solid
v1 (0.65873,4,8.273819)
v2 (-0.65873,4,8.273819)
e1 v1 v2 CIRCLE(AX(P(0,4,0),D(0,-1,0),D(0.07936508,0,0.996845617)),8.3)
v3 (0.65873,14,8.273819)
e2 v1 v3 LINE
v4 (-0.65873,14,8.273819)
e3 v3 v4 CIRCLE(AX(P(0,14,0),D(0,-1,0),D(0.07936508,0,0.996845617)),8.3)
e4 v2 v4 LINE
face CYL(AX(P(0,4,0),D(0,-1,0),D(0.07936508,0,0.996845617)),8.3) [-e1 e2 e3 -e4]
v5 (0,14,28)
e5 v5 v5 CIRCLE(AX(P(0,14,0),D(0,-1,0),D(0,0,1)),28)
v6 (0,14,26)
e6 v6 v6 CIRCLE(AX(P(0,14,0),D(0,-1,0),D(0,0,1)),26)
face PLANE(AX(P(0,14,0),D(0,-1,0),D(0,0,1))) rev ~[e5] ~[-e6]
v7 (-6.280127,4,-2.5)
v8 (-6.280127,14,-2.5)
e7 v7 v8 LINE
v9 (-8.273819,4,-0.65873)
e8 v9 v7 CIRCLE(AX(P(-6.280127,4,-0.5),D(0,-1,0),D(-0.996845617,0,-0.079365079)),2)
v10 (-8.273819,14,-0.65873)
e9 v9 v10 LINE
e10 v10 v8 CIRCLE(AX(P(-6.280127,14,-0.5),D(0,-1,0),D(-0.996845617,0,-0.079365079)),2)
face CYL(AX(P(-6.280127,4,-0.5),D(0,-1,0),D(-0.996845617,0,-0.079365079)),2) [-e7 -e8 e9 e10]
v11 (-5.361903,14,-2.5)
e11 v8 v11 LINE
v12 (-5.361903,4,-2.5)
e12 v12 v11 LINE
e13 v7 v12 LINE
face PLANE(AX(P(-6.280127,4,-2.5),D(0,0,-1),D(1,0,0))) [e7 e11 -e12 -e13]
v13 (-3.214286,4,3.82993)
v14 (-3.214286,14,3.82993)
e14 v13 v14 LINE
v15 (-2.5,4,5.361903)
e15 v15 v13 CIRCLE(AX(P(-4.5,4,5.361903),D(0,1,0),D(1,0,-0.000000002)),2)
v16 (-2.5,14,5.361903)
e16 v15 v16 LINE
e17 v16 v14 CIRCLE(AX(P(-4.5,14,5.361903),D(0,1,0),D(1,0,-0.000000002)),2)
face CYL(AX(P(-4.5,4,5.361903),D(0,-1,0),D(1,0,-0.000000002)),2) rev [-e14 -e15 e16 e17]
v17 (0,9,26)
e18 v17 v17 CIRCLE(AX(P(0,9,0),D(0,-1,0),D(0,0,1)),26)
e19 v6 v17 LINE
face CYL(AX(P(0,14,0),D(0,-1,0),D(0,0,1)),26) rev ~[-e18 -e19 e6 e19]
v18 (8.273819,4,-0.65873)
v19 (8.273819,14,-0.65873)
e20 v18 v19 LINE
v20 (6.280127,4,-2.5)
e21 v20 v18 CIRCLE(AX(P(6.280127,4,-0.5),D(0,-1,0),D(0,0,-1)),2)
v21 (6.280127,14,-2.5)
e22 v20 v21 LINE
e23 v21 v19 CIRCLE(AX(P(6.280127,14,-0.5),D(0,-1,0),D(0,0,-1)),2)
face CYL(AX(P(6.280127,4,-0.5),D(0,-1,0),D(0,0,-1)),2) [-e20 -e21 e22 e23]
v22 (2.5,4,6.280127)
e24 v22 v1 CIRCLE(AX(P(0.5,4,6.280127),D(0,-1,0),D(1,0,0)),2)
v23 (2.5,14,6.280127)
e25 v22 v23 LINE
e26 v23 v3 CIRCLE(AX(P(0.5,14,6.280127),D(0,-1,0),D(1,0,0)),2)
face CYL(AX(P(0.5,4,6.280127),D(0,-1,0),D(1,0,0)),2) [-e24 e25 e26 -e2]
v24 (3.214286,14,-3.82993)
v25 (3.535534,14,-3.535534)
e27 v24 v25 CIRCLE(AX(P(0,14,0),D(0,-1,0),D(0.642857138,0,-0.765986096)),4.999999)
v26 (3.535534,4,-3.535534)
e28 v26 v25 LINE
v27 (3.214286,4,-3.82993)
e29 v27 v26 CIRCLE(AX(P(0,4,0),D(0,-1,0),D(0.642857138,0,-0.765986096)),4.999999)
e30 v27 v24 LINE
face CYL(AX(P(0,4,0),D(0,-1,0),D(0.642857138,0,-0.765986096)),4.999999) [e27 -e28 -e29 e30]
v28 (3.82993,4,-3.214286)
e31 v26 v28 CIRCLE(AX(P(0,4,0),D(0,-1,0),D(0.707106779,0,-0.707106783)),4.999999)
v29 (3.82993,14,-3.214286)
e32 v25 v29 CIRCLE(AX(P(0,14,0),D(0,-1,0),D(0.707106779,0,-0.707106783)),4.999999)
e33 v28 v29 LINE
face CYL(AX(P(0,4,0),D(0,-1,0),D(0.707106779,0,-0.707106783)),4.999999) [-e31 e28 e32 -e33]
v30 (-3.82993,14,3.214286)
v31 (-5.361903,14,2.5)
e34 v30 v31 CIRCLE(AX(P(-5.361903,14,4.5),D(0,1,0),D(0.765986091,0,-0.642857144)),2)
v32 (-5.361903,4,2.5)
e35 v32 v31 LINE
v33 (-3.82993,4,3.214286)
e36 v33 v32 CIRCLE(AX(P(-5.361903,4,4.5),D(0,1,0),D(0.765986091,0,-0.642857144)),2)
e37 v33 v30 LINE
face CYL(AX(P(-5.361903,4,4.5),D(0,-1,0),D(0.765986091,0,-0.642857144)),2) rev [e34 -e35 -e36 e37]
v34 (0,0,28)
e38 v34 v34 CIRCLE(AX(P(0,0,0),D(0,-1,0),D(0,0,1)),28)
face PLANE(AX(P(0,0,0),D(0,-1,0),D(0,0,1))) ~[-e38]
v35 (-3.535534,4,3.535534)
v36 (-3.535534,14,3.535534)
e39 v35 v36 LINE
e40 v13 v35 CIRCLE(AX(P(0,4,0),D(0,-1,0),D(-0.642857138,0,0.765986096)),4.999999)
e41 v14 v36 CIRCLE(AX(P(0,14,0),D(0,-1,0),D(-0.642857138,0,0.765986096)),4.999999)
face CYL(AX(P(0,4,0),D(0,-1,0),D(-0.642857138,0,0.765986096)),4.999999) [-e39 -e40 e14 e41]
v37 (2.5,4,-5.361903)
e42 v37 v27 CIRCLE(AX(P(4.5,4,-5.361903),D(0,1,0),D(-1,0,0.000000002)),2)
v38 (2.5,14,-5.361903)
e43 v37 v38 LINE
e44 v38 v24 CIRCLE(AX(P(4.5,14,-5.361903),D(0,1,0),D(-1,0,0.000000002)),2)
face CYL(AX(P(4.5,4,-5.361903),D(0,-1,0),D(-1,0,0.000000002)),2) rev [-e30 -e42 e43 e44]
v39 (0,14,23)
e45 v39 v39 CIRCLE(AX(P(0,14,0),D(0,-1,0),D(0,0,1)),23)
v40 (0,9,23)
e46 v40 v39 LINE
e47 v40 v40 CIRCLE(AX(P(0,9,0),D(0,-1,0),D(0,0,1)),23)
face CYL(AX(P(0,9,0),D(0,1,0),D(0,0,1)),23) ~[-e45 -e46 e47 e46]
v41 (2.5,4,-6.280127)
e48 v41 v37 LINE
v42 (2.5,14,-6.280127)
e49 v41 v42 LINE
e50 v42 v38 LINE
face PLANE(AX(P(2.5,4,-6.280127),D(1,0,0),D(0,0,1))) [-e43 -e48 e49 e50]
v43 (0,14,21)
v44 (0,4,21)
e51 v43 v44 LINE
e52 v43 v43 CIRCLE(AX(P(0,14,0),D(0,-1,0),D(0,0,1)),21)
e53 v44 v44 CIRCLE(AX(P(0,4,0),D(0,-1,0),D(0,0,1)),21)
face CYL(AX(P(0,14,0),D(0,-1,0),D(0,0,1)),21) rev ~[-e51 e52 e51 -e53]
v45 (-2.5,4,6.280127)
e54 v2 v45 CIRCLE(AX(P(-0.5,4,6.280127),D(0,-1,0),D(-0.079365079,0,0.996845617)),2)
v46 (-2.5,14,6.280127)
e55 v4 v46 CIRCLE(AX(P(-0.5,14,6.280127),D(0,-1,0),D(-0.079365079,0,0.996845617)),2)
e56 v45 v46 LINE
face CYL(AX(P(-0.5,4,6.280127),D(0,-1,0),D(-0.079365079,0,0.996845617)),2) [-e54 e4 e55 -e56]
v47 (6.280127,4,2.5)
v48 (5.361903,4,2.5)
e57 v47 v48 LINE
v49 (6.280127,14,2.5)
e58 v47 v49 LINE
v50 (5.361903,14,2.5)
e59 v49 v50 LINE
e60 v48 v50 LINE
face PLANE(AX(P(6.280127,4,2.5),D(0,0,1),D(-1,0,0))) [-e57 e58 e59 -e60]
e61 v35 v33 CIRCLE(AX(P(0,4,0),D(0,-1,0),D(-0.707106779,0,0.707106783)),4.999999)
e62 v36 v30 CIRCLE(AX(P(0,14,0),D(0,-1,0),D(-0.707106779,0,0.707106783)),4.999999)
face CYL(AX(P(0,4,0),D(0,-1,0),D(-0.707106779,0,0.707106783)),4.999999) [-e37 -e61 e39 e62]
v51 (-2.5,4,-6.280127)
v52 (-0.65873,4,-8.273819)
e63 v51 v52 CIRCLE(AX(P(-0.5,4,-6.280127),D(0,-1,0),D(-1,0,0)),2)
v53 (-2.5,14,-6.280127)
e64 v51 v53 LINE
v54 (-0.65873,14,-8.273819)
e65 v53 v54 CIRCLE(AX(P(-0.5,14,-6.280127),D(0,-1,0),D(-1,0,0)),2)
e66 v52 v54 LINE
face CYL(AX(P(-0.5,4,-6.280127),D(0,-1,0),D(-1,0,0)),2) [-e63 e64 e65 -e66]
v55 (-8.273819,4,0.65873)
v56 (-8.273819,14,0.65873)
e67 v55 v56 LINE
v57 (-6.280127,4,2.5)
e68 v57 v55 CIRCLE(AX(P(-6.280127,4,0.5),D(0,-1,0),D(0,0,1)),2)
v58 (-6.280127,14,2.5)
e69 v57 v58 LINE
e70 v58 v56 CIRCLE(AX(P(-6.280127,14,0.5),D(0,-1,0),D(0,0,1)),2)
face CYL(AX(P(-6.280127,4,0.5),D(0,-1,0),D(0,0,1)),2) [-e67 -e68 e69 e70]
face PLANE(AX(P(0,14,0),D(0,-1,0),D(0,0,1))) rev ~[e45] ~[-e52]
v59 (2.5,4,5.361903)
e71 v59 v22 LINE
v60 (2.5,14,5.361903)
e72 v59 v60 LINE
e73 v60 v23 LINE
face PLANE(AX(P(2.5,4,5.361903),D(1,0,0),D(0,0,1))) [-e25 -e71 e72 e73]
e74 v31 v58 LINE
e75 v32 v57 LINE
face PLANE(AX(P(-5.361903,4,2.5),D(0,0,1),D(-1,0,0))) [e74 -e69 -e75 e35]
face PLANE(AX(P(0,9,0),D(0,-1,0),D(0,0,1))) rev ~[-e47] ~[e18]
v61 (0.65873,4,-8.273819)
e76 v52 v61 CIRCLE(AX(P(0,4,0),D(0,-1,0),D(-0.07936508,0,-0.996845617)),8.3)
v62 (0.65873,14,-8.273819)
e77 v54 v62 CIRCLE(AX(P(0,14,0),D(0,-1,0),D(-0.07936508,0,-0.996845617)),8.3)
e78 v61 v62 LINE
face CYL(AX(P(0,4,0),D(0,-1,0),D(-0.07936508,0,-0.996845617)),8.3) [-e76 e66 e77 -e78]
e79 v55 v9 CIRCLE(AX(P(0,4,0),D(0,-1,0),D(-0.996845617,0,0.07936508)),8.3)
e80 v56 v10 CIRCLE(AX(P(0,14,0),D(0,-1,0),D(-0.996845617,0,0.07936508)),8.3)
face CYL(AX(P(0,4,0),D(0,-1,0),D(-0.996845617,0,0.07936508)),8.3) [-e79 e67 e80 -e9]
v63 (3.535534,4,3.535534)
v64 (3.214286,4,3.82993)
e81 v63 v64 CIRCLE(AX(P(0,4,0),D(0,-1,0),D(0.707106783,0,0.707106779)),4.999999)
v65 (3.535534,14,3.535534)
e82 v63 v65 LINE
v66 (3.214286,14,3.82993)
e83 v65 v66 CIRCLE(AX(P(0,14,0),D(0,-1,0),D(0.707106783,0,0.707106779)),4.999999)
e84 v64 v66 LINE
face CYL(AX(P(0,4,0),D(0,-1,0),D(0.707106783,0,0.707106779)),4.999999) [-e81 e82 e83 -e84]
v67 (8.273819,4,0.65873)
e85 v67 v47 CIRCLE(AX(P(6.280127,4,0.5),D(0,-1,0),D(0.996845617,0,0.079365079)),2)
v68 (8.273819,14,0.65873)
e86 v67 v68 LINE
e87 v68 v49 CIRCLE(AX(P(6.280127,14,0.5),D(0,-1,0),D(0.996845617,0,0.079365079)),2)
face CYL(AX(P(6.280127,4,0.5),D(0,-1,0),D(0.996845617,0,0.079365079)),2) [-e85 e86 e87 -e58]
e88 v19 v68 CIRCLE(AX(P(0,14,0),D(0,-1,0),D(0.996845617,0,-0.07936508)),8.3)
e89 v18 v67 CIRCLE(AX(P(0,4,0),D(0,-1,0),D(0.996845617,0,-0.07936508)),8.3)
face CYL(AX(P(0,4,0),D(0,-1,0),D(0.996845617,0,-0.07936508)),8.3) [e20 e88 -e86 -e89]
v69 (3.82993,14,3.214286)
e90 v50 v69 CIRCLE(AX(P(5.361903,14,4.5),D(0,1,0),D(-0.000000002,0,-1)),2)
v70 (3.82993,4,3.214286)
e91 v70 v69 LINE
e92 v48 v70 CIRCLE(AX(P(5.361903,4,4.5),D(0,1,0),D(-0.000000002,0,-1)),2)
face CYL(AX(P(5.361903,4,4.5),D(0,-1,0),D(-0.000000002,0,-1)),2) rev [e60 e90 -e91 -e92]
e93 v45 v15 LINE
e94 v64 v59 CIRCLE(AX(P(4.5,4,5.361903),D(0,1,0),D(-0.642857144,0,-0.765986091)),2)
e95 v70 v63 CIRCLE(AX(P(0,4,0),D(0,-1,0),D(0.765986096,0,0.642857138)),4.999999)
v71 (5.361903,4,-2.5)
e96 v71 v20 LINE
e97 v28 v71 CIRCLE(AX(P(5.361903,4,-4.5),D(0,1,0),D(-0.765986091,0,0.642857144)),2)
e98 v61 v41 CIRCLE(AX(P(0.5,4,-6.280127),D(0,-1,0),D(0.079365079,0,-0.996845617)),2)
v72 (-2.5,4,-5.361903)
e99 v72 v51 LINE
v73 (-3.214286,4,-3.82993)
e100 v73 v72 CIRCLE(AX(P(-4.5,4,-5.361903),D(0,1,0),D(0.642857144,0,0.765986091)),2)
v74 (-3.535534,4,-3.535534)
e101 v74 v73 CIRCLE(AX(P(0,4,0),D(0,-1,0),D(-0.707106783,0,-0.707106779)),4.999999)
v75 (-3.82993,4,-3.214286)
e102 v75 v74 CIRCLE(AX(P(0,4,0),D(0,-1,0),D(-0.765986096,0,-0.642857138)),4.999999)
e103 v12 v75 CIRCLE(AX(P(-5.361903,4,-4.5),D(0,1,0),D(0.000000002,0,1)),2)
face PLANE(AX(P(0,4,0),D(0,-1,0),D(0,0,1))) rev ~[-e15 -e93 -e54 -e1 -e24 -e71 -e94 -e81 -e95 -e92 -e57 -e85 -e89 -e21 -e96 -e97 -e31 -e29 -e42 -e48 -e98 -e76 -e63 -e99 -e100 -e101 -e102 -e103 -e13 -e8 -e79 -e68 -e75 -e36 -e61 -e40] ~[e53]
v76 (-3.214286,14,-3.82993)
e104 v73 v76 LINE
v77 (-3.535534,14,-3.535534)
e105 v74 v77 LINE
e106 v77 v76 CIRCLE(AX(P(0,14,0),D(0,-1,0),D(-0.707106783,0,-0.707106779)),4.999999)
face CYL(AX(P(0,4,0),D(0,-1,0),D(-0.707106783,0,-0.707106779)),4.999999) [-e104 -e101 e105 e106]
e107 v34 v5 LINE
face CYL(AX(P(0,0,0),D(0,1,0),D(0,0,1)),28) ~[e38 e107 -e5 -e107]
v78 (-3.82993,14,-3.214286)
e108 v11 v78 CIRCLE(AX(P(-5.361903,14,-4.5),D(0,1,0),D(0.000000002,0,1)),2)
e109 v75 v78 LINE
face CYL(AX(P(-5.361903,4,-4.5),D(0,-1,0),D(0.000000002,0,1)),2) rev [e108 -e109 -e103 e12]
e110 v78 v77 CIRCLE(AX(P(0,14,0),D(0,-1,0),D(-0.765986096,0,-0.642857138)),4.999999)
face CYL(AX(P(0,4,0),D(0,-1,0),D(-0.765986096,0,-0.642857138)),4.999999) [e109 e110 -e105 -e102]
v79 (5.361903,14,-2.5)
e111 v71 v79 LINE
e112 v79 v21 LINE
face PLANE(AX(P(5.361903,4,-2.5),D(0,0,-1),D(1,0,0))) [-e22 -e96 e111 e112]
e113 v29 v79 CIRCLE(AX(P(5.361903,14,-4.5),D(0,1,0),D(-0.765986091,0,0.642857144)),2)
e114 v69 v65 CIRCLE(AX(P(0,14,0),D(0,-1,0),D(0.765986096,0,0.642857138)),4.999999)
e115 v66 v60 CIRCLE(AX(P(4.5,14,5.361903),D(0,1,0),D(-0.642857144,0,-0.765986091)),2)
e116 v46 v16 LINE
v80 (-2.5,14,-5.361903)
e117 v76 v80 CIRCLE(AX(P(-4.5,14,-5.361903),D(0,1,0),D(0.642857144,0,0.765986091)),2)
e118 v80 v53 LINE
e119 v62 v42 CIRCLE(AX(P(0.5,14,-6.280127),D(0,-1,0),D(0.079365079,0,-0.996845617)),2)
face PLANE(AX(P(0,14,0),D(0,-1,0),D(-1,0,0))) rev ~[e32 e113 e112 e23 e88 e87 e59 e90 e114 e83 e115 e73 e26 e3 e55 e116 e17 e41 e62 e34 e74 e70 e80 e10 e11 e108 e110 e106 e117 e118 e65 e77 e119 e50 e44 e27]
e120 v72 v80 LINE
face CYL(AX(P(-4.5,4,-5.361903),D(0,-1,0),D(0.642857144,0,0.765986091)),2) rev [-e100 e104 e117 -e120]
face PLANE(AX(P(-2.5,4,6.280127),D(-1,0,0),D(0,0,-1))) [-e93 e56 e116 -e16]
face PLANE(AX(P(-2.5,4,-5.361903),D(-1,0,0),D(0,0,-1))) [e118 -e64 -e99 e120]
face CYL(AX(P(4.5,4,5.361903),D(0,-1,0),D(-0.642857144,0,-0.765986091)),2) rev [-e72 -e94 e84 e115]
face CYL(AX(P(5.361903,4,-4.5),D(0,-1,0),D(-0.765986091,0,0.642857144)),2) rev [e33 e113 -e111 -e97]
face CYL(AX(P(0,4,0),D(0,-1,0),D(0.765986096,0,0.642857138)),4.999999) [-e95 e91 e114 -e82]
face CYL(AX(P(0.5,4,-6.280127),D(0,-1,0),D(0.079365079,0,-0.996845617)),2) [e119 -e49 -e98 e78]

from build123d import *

# Parameters (mm, degrees)
BOSS_EXTRUDE1_DEPTH = 10


with BuildPart() as part:
    # Sketch1 → Revolve1 (revolve)
    with BuildSketch(Plane.XY, mode=Mode.PRIVATE) as revolve1_sk:
        Polygon((0, 0), (-28, 0), (-28, 14), (-26, 14), (-26, 9), (-23, 9), (-23, 14), (-21, 14), (-21, 4), (0, 4), align=None)
    revolve(revolve1_sk.sketch.rotate(Axis((0, 4, 0), (0, -1, 0)), 270), axis=Axis((0, 4, 0), (0, -1, 0)))

    # Sketch3 → Boss-Extrude1 (add)
    with BuildSketch(Plane(origin=(0, 4, 0), x_dir=(1, 0, 0), z_dir=(0, 1, 0))):
        with BuildLine():
            ThreePointArc((-3.829930462, -3.214285714), (-4.516748393, -2.687346066), (-5.361902647, -2.5))
            Line((-5.361902647, -2.5), (-6.280127387, -2.5))
            ThreePointArc((-6.280127387, -2.5), (-7.637061373, -1.969261773), (-8.273818621, -0.658730159))
            ThreePointArc((-8.273818621, -0.658730159), (-8.3, 0), (-8.273818621, 0.658730159))
            ThreePointArc((-8.273818621, 0.658730159), (-7.637061373, 1.969261773), (-6.280127387, 2.5))
            Line((-6.280127387, 2.5), (-5.361902647, 2.5))
            ThreePointArc((-5.361902647, 2.5), (-4.516748393, 2.687346066), (-3.829930462, 3.214285714))
            ThreePointArc((-3.829930462, 3.214285714), (-3.686233368, 3.378118346), (-3.535533906, 3.535533906))
            ThreePointArc((-3.535533906, 3.535533906), (-3.378118346, 3.686233368), (-3.214285714, 3.829930462))
            ThreePointArc((-3.214285714, 3.829930462), (-2.687346066, 4.516748393), (-2.5, 5.361902647))
            Line((-2.5, 5.361902647), (-2.5, 6.280127387))
            ThreePointArc((-2.5, 6.280127387), (-1.969261773, 7.637061373), (-0.658730159, 8.273818621))
            ThreePointArc((-0.658730159, 8.273818621), (0, 8.3), (0.658730159, 8.273818621))
            ThreePointArc((0.658730159, 8.273818621), (1.969261773, 7.637061373), (2.5, 6.280127387))
            Line((2.5, 6.280127387), (2.5, 5.361902647))
            ThreePointArc((2.5, 5.361902647), (2.687346066, 4.516748393), (3.214285714, 3.829930462))
            ThreePointArc((3.214285714, 3.829930462), (3.378118346, 3.686233368), (3.535533906, 3.535533906))
            ThreePointArc((3.535533906, 3.535533906), (3.686233368, 3.378118346), (3.829930462, 3.214285714))
            ThreePointArc((3.829930462, 3.214285714), (4.516748393, 2.687346066), (5.361902647, 2.5))
            Line((5.361902647, 2.5), (6.280127387, 2.5))
            ThreePointArc((6.280127387, 2.5), (7.637061373, 1.969261773), (8.273818621, 0.658730159))
            ThreePointArc((8.273818621, 0.658730159), (8.3, 0), (8.273818621, -0.658730159))
            ThreePointArc((8.273818621, -0.658730159), (7.637061373, -1.969261773), (6.280127387, -2.5))
            Line((6.280127387, -2.5), (5.361902647, -2.5))
            ThreePointArc((5.361902647, -2.5), (4.516748393, -2.687346066), (3.829930462, -3.214285714))
            ThreePointArc((3.829930462, -3.214285714), (3.686233368, -3.378118346), (3.535533906, -3.535533906))
            ThreePointArc((3.535533906, -3.535533906), (3.378118346, -3.686233368), (3.214285714, -3.829930462))
            ThreePointArc((3.214285714, -3.829930462), (2.687346066, -4.516748393), (2.5, -5.361902647))
            Line((2.5, -5.361902647), (2.5, -6.280127387))
            ThreePointArc((2.5, -6.280127387), (1.969261773, -7.637061373), (0.658730159, -8.273818621))
            ThreePointArc((0.658730159, -8.273818621), (0, -8.3), (-0.658730159, -8.273818621))
            ThreePointArc((-0.658730159, -8.273818621), (-1.969261773, -7.637061373), (-2.5, -6.280127387))
            Line((-2.5, -6.280127387), (-2.5, -5.361902647))
            ThreePointArc((-2.5, -5.361902647), (-2.687346066, -4.516748393), (-3.214285714, -3.829930462))
            ThreePointArc((-3.214285714, -3.829930462), (-3.378118346, -3.686233368), (-3.535533906, -3.535533906))
            ThreePointArc((-3.535533906, -3.535533906), (-3.686233368, -3.378118346), (-3.829930462, -3.214285714))
        make_face()
    extrude(amount=BOSS_EXTRUDE1_DEPTH)


solid = part.part
